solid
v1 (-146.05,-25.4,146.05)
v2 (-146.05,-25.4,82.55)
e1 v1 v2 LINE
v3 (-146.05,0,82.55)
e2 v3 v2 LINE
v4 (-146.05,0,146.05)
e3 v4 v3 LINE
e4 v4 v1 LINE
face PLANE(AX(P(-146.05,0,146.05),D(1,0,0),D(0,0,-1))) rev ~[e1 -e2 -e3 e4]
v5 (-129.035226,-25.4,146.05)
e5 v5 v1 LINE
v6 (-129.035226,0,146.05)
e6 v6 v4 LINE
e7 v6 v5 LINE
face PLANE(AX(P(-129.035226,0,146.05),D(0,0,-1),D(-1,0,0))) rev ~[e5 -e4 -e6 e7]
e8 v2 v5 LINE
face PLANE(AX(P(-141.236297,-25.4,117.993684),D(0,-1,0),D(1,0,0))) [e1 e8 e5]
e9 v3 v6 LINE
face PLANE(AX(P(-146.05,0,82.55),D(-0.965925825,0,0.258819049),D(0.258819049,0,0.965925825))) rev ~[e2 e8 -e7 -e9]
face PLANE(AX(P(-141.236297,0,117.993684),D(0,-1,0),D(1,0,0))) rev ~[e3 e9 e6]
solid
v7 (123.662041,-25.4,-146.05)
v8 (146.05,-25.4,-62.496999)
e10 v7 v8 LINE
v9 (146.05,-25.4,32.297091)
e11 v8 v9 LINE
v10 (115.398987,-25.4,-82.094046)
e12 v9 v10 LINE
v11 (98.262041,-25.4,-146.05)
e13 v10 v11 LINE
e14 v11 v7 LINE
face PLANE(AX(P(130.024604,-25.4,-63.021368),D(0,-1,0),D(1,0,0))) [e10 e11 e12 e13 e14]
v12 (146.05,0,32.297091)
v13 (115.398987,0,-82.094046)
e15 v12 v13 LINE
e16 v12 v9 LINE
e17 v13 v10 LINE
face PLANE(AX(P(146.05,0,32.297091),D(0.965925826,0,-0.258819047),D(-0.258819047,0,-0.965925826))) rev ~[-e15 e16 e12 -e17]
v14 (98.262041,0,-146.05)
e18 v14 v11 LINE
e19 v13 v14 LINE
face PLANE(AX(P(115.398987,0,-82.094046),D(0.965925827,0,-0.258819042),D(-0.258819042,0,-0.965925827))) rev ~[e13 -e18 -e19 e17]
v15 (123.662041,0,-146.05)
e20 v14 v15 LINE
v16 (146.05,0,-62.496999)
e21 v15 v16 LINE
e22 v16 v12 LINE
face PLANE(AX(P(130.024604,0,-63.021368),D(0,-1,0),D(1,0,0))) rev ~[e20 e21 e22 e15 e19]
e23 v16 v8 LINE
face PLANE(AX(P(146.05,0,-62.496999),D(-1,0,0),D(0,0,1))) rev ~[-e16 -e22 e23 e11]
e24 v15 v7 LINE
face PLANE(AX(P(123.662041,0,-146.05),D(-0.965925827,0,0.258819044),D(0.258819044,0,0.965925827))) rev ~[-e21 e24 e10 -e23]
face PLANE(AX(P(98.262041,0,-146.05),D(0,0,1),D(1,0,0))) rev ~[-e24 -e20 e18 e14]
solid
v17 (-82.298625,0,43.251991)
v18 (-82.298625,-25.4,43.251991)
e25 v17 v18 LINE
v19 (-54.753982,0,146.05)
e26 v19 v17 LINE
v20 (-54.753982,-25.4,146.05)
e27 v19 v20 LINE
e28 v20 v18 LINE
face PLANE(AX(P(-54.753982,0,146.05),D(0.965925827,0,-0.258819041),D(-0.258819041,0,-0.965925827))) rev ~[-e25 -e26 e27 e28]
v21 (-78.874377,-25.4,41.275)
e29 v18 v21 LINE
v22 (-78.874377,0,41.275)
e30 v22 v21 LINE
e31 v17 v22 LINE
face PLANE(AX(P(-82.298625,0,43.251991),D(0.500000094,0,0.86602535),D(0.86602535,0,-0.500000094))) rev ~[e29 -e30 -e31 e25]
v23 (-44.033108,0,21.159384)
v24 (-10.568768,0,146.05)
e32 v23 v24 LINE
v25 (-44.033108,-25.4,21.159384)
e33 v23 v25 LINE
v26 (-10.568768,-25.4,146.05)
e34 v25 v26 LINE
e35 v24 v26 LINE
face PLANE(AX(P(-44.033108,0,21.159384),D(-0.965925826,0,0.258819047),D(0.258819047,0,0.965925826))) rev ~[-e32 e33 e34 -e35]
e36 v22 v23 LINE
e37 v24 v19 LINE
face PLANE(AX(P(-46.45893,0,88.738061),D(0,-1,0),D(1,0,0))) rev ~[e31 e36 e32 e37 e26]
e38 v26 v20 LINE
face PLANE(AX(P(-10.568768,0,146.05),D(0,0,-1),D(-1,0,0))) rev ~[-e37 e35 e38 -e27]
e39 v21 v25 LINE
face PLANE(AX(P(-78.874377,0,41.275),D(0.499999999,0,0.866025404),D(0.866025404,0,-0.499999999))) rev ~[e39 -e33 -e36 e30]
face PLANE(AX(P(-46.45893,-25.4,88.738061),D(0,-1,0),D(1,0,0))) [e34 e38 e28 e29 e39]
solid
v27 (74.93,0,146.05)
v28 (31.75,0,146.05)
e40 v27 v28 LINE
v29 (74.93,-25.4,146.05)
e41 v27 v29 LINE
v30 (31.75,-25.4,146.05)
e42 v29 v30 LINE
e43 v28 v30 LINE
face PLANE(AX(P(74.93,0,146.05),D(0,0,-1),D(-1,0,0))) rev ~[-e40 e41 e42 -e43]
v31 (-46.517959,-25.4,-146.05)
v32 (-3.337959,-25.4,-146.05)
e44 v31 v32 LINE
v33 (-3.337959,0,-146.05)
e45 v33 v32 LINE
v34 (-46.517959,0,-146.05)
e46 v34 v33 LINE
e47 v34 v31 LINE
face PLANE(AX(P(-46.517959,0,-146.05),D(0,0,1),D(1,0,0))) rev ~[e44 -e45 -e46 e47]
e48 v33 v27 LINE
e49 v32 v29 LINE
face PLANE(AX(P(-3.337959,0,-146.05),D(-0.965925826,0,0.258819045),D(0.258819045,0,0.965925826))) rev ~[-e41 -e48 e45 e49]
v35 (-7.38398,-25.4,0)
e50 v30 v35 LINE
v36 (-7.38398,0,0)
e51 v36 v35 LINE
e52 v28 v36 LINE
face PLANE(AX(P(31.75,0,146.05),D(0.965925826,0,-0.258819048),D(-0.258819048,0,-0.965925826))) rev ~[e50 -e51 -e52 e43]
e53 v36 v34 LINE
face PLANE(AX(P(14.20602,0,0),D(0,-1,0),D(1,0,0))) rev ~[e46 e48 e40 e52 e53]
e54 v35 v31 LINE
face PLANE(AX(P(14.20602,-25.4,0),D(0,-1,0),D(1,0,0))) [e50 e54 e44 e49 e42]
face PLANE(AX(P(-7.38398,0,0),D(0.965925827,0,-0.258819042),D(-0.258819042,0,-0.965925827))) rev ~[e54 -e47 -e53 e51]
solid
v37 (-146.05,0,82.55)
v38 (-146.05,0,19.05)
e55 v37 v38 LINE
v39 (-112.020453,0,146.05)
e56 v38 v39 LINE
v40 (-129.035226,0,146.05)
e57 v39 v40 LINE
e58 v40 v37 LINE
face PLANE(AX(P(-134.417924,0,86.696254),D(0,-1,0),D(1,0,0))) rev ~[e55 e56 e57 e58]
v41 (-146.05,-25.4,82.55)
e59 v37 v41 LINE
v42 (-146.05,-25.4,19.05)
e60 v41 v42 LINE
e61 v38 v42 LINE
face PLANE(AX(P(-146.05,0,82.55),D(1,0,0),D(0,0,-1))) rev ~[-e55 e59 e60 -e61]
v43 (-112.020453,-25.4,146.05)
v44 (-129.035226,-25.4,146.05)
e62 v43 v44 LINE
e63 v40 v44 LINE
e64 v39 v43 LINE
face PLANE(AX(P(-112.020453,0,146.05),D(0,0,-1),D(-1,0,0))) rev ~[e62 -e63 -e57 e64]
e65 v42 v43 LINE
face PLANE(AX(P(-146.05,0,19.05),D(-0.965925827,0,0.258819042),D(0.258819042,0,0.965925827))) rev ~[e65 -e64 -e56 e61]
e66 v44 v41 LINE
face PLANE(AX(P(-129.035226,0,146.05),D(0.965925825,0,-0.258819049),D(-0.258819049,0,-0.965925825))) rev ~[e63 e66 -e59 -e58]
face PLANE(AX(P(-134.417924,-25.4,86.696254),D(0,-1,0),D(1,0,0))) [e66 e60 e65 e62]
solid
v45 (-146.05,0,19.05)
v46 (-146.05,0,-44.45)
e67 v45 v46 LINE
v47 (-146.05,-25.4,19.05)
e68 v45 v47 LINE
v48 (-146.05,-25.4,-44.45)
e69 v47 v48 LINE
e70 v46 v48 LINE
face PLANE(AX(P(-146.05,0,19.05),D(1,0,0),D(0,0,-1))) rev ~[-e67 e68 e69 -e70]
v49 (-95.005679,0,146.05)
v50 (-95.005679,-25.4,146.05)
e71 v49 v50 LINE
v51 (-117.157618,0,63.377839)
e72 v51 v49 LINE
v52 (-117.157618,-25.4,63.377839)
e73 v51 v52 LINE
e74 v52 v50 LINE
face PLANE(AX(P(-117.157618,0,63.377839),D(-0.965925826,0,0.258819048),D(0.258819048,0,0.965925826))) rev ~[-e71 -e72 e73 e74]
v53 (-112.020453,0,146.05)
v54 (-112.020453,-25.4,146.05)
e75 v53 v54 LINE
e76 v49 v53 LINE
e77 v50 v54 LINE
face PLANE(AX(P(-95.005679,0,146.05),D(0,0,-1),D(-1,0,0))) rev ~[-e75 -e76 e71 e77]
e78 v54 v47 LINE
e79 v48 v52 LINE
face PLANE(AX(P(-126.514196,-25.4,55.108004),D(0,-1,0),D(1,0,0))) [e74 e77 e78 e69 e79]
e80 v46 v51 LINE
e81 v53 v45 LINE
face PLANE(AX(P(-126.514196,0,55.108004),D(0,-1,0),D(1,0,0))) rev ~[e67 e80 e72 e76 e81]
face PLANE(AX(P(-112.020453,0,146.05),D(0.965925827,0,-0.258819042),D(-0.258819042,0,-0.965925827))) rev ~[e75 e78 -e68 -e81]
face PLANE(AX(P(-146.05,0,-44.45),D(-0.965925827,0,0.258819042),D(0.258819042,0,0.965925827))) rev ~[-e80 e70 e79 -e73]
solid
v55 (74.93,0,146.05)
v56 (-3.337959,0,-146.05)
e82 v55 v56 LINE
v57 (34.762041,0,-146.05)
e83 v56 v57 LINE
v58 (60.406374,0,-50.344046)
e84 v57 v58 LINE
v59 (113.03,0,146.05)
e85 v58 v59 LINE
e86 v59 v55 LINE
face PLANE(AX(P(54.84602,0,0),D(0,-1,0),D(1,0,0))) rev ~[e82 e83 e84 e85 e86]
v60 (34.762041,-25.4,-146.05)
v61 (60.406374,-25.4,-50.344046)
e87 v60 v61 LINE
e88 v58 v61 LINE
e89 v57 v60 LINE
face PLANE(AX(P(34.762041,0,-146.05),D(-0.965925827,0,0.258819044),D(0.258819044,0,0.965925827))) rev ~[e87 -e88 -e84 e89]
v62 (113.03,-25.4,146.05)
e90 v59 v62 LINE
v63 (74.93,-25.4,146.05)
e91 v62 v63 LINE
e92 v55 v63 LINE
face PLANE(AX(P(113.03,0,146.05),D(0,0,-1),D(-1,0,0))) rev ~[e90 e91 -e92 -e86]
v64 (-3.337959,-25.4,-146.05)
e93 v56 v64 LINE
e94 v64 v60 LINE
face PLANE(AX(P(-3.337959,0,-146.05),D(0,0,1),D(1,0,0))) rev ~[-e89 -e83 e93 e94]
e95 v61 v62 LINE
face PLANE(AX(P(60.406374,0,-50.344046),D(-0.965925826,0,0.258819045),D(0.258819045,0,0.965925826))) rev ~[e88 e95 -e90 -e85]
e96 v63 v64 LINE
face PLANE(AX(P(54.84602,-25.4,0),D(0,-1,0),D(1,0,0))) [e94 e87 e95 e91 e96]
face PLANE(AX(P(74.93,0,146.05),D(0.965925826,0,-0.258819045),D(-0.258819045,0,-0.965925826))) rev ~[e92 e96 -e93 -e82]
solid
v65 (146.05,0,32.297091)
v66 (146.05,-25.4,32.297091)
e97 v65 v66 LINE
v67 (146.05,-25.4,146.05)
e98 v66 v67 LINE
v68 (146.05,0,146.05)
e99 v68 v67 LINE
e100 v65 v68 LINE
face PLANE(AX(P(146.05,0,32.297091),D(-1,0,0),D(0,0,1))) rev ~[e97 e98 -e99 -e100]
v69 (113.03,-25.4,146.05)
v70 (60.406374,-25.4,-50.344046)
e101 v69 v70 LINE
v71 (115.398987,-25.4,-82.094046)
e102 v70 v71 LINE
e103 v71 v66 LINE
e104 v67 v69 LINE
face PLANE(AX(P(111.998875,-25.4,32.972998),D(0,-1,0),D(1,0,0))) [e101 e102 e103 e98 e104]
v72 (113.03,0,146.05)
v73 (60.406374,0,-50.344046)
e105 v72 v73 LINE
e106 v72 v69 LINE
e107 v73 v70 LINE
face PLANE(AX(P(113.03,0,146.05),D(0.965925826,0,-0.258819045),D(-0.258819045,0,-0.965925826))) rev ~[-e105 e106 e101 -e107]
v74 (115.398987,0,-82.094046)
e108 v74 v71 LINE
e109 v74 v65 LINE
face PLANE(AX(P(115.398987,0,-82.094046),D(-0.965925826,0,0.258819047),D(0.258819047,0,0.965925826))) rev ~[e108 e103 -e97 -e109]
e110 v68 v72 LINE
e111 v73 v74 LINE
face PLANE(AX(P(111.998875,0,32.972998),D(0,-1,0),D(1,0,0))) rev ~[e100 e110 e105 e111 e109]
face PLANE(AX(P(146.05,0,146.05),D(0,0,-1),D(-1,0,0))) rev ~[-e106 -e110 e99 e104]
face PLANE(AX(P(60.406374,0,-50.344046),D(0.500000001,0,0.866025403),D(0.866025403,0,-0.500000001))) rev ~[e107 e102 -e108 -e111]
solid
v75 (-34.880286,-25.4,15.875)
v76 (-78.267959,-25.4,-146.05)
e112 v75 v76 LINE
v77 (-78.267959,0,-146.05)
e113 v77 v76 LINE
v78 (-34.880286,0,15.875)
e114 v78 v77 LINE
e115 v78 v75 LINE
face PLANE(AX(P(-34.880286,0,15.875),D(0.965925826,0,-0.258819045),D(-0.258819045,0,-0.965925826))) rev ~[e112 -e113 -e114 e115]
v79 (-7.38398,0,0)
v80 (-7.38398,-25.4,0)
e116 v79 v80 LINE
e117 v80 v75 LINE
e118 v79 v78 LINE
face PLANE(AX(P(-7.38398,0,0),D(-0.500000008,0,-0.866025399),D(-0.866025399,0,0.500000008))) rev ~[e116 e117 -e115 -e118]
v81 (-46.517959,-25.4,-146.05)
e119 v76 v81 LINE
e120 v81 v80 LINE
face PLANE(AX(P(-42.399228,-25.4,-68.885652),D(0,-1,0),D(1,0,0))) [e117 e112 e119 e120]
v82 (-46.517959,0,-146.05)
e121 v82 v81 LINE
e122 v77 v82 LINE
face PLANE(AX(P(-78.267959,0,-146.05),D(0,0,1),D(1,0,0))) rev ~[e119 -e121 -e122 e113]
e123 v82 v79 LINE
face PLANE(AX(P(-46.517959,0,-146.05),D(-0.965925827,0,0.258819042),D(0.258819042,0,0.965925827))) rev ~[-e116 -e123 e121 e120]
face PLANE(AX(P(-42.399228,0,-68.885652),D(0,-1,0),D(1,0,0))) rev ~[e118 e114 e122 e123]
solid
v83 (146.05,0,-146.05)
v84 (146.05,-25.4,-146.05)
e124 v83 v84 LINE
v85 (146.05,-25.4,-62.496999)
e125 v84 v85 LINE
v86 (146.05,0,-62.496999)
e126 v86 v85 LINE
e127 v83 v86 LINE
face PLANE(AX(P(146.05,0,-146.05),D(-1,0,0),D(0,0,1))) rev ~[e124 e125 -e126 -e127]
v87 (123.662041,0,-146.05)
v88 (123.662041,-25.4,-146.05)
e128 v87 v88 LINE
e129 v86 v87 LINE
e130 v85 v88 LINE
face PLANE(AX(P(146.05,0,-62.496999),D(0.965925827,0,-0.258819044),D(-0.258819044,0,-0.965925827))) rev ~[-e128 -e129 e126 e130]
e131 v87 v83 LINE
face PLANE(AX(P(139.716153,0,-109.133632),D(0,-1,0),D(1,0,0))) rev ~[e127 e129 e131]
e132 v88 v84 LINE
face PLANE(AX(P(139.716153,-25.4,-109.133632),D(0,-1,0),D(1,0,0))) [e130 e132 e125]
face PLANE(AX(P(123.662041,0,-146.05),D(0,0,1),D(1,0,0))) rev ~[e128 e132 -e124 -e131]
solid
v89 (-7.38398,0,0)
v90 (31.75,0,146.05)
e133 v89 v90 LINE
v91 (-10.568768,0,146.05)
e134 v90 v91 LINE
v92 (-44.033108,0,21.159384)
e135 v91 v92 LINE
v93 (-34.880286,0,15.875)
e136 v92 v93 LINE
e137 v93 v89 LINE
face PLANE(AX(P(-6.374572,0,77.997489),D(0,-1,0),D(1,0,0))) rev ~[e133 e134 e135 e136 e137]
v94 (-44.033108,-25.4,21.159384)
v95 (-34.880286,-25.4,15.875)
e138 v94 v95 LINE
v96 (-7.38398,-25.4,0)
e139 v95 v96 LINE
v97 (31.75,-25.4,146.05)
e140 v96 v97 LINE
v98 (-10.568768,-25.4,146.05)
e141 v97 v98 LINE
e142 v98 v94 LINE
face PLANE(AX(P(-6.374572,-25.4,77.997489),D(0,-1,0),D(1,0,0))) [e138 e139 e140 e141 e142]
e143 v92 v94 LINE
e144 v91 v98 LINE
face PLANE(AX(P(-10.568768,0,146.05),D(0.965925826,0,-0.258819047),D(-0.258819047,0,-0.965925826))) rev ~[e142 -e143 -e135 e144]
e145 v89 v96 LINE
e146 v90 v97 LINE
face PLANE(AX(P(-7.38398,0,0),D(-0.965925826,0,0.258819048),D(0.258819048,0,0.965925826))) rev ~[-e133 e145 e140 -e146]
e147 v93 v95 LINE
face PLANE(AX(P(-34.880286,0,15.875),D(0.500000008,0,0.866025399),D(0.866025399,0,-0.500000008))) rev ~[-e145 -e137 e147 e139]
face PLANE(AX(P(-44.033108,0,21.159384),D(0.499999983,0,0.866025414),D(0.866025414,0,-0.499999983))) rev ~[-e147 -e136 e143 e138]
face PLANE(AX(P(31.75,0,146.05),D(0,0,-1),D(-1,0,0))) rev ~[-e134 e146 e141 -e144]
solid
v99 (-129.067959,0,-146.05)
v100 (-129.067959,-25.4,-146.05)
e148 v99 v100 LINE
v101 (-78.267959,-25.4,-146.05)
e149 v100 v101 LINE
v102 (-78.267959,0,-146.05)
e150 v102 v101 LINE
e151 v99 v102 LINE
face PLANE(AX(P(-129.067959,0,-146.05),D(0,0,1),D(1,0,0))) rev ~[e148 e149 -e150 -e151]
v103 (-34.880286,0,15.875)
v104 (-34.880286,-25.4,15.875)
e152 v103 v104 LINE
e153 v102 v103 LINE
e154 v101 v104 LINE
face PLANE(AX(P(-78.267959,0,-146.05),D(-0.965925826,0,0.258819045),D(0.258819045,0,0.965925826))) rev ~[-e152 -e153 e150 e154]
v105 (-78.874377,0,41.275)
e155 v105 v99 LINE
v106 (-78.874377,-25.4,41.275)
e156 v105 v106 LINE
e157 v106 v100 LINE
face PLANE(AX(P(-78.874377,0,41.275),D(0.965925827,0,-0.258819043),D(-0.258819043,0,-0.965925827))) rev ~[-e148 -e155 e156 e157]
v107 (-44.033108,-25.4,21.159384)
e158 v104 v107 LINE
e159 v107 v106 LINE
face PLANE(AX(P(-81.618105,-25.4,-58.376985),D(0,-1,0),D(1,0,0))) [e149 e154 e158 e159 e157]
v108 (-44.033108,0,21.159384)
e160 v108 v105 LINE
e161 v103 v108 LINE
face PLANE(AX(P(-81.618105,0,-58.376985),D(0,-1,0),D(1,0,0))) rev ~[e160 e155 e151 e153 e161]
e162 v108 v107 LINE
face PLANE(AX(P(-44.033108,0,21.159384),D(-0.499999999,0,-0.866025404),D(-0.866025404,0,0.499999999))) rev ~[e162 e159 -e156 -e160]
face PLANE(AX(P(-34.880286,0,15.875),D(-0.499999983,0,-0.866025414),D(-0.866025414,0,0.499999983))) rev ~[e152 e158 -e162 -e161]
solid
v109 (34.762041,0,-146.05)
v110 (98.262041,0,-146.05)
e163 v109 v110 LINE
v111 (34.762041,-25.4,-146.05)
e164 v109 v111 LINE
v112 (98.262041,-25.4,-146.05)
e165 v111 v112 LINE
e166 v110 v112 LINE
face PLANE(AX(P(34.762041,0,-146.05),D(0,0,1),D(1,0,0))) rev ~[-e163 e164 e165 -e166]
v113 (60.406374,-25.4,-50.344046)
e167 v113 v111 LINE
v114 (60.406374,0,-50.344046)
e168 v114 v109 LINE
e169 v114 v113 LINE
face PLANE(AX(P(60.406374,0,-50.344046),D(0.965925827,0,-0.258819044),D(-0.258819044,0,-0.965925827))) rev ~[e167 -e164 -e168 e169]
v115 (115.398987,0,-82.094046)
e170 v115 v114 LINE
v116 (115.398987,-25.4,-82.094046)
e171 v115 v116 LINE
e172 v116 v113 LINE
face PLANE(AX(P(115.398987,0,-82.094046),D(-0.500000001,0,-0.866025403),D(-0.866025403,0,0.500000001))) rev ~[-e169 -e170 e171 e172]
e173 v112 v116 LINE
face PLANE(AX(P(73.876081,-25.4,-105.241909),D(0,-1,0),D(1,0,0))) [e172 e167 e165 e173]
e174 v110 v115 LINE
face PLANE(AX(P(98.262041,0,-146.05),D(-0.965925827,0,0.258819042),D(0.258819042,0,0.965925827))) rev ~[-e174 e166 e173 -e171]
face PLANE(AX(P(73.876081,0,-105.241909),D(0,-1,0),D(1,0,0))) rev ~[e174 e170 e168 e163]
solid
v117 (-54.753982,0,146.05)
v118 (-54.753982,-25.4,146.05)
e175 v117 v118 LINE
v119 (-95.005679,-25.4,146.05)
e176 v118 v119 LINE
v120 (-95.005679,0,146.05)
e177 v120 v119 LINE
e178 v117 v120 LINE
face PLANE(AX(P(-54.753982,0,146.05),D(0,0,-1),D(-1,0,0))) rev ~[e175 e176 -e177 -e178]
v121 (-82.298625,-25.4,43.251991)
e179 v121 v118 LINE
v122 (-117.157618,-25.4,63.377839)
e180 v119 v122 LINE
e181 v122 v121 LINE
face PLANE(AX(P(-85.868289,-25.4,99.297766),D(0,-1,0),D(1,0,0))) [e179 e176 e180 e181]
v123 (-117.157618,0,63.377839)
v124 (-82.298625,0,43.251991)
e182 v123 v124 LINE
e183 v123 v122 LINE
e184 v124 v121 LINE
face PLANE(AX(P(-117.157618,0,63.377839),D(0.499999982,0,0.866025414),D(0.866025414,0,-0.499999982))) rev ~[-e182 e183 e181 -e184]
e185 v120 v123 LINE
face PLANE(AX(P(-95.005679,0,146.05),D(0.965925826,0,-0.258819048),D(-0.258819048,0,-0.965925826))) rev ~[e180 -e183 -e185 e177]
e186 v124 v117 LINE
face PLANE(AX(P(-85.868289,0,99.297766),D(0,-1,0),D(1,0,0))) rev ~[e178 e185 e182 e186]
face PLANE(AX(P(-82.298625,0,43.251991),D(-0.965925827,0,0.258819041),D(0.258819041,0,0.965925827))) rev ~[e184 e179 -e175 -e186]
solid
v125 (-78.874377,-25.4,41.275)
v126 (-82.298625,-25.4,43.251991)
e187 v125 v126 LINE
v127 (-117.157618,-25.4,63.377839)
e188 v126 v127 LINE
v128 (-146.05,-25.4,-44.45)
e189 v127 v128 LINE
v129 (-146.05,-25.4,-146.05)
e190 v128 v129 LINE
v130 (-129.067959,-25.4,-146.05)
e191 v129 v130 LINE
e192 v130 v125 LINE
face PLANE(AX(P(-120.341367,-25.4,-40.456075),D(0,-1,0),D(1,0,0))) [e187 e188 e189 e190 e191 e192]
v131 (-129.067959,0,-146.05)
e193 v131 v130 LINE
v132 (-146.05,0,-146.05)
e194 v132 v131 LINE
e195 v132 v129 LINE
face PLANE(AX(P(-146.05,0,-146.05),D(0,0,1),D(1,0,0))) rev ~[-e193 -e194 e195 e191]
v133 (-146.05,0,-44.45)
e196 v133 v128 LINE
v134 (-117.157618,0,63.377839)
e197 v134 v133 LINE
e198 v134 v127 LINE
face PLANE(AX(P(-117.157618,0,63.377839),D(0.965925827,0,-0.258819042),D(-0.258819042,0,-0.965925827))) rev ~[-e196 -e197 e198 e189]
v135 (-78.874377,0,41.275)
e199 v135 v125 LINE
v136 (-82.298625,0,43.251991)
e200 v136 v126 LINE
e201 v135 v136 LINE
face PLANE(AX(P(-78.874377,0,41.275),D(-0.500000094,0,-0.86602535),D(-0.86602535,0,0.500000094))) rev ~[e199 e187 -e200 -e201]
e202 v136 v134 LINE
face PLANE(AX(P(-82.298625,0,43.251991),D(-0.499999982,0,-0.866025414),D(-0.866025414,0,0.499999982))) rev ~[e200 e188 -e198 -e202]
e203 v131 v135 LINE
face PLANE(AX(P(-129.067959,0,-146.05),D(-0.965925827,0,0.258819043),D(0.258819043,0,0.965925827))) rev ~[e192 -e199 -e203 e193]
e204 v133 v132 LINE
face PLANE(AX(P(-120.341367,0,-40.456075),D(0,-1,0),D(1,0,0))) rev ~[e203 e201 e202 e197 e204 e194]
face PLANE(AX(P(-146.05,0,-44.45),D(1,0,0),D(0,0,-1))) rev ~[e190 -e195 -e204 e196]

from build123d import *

# Parameters (mm, degrees)
F2_DEPTH  = 25.4
F3_DEPTH  = 25.4
F4_DEPTH  = 25.4
F5_DEPTH  = 25.4
F6_DEPTH  = 25.4
F7_DEPTH  = 25.4
F8_DEPTH  = 25.4
F9_DEPTH  = 25.4
F10_DEPTH = 25.4
F11_DEPTH = 25.4
F12_DEPTH = 25.4
F13_DEPTH = 25.4
F14_DEPTH = 25.4
F15_DEPTH = 25.4
F16_DEPTH = 25.4


with BuildPart() as f2:
    # F1 (on face) → F2 (new body)
    with BuildSketch(Plane.XZ):
        Polygon((115.398987, -82.094046), (98.262041, -146.05), (123.662041, -146.05), (146.05, -62.496999), (146.05, 32.297091), align=None)
    extrude(amount=F2_DEPTH)


with BuildPart() as f3:
    # F1 (on face) → F3 (new body)
    with BuildSketch(Plane.XZ):
        Polygon((146.05, -62.496999), (123.662041, -146.05), (146.05, -146.05), align=None)
    extrude(amount=F3_DEPTH)


with BuildPart() as f4:
    # F1 (on face) → F4 (new body)
    with BuildSketch(Plane.XZ):
        Polygon((60.406374, -50.344046), (34.762041, -146.05), (98.262041, -146.05), (115.398987, -82.094046), align=None)
    extrude(amount=F4_DEPTH)


with BuildPart() as f5:
    # F1 (on face) → F5 (new body)
    with BuildSketch(Plane.XZ):
        Polygon((113.03, 146.05), (60.406374, -50.344046), (115.398987, -82.094046), (146.05, 32.297091), (146.05, 146.05), align=None)
    extrude(amount=F5_DEPTH)


with BuildPart() as f6:
    # F1 (on face) → F6 (new body)
    with BuildSketch(Plane.XZ):
        Polygon((74.93, 146.05), (-3.337959, -146.05), (34.762041, -146.05), (60.406374, -50.344046), (113.03, 146.05), align=None)
    extrude(amount=F6_DEPTH)


with BuildPart() as f7:
    # F1 (on face) → F7 (new body)
    with BuildSketch(Plane.XZ):
        Polygon((-7.38398, 0), (-46.517959, -146.05), (-3.337959, -146.05), (74.93, 146.05), (31.75, 146.05), align=None)
    extrude(amount=F7_DEPTH)


with BuildPart() as f8:
    # F1 (on face) → F8 (new body)
    with BuildSketch(Plane.XZ):
        Polygon((-34.880286, 15.875), (-78.267959, -146.05), (-46.517959, -146.05), (-7.38398, 0), align=None)
    extrude(amount=F8_DEPTH)


with BuildPart() as f9:
    # F1 (on face) → F9 (new body)
    with BuildSketch(Plane.XZ):
        Polygon((-44.033108, 21.159384), (-34.880286, 15.875), (-7.38398, 0), (31.75, 146.05), (-10.568768, 146.05), align=None)
    extrude(amount=F9_DEPTH)


with BuildPart() as f10:
    # F1 (on face) → F10 (new body)
    with BuildSketch(Plane.XZ):
        Polygon((-82.298625, 43.251991), (-78.874377, 41.275), (-44.033108, 21.159384), (-10.568768, 146.05), (-54.753982, 146.05), align=None)
    extrude(amount=F10_DEPTH)


with BuildPart() as f11:
    # F1 (on face) → F11 (new body)
    with BuildSketch(Plane.XZ):
        Polygon((-78.874377, 41.275), (-129.067959, -146.05), (-78.267959, -146.05), (-34.880286, 15.875), (-44.033108, 21.159384), align=None)
    extrude(amount=F11_DEPTH)


with BuildPart() as f12:
    # F1 (on face) → F12 (new body)
    with BuildSketch(Plane.XZ):
        Polygon((-146.05, -44.45), (-146.05, -146.05), (-129.067959, -146.05), (-78.874377, 41.275), (-82.298625, 43.251991), (-117.157618, 63.377839), align=None)
    extrude(amount=F12_DEPTH)


with BuildPart() as f13:
    # F1 (on face) → F13 (new body)
    with BuildSketch(Plane.XZ):
        Polygon((-95.005679, 146.05), (-117.157618, 63.377839), (-82.298625, 43.251991), (-54.753982, 146.05), align=None)
    extrude(amount=F13_DEPTH)


with BuildPart() as f14:
    # F1 (on face) → F14 (new body)
    with BuildSketch(Plane.XZ):
        Polygon((-146.05, 19.05), (-146.05, -44.45), (-117.157618, 63.377839), (-95.005679, 146.05), (-112.020453, 146.05), align=None)
    extrude(amount=F14_DEPTH)


with BuildPart() as f15:
    # F1 (on face) → F15 (new body)
    with BuildSketch(Plane.XZ):
        Polygon((-146.05, 82.55), (-146.05, 19.05), (-112.020453, 146.05), (-129.035226, 146.05), align=None)
    extrude(amount=F15_DEPTH)


with BuildPart() as f16:
    # F1 (on face) → F16 (new body)
    with BuildSketch(Plane.XZ):
        Polygon((-146.05, 146.05), (-146.05, 82.55), (-129.035226, 146.05), align=None)
    extrude(amount=F16_DEPTH)


solid = Compound([f2.part, f3.part, f4.part, f5.part, f6.part, f7.part, f8.part, f9.part, f10.part, f11.part, f12.part, f13.part, f14.part, f15.part, f16.part])
